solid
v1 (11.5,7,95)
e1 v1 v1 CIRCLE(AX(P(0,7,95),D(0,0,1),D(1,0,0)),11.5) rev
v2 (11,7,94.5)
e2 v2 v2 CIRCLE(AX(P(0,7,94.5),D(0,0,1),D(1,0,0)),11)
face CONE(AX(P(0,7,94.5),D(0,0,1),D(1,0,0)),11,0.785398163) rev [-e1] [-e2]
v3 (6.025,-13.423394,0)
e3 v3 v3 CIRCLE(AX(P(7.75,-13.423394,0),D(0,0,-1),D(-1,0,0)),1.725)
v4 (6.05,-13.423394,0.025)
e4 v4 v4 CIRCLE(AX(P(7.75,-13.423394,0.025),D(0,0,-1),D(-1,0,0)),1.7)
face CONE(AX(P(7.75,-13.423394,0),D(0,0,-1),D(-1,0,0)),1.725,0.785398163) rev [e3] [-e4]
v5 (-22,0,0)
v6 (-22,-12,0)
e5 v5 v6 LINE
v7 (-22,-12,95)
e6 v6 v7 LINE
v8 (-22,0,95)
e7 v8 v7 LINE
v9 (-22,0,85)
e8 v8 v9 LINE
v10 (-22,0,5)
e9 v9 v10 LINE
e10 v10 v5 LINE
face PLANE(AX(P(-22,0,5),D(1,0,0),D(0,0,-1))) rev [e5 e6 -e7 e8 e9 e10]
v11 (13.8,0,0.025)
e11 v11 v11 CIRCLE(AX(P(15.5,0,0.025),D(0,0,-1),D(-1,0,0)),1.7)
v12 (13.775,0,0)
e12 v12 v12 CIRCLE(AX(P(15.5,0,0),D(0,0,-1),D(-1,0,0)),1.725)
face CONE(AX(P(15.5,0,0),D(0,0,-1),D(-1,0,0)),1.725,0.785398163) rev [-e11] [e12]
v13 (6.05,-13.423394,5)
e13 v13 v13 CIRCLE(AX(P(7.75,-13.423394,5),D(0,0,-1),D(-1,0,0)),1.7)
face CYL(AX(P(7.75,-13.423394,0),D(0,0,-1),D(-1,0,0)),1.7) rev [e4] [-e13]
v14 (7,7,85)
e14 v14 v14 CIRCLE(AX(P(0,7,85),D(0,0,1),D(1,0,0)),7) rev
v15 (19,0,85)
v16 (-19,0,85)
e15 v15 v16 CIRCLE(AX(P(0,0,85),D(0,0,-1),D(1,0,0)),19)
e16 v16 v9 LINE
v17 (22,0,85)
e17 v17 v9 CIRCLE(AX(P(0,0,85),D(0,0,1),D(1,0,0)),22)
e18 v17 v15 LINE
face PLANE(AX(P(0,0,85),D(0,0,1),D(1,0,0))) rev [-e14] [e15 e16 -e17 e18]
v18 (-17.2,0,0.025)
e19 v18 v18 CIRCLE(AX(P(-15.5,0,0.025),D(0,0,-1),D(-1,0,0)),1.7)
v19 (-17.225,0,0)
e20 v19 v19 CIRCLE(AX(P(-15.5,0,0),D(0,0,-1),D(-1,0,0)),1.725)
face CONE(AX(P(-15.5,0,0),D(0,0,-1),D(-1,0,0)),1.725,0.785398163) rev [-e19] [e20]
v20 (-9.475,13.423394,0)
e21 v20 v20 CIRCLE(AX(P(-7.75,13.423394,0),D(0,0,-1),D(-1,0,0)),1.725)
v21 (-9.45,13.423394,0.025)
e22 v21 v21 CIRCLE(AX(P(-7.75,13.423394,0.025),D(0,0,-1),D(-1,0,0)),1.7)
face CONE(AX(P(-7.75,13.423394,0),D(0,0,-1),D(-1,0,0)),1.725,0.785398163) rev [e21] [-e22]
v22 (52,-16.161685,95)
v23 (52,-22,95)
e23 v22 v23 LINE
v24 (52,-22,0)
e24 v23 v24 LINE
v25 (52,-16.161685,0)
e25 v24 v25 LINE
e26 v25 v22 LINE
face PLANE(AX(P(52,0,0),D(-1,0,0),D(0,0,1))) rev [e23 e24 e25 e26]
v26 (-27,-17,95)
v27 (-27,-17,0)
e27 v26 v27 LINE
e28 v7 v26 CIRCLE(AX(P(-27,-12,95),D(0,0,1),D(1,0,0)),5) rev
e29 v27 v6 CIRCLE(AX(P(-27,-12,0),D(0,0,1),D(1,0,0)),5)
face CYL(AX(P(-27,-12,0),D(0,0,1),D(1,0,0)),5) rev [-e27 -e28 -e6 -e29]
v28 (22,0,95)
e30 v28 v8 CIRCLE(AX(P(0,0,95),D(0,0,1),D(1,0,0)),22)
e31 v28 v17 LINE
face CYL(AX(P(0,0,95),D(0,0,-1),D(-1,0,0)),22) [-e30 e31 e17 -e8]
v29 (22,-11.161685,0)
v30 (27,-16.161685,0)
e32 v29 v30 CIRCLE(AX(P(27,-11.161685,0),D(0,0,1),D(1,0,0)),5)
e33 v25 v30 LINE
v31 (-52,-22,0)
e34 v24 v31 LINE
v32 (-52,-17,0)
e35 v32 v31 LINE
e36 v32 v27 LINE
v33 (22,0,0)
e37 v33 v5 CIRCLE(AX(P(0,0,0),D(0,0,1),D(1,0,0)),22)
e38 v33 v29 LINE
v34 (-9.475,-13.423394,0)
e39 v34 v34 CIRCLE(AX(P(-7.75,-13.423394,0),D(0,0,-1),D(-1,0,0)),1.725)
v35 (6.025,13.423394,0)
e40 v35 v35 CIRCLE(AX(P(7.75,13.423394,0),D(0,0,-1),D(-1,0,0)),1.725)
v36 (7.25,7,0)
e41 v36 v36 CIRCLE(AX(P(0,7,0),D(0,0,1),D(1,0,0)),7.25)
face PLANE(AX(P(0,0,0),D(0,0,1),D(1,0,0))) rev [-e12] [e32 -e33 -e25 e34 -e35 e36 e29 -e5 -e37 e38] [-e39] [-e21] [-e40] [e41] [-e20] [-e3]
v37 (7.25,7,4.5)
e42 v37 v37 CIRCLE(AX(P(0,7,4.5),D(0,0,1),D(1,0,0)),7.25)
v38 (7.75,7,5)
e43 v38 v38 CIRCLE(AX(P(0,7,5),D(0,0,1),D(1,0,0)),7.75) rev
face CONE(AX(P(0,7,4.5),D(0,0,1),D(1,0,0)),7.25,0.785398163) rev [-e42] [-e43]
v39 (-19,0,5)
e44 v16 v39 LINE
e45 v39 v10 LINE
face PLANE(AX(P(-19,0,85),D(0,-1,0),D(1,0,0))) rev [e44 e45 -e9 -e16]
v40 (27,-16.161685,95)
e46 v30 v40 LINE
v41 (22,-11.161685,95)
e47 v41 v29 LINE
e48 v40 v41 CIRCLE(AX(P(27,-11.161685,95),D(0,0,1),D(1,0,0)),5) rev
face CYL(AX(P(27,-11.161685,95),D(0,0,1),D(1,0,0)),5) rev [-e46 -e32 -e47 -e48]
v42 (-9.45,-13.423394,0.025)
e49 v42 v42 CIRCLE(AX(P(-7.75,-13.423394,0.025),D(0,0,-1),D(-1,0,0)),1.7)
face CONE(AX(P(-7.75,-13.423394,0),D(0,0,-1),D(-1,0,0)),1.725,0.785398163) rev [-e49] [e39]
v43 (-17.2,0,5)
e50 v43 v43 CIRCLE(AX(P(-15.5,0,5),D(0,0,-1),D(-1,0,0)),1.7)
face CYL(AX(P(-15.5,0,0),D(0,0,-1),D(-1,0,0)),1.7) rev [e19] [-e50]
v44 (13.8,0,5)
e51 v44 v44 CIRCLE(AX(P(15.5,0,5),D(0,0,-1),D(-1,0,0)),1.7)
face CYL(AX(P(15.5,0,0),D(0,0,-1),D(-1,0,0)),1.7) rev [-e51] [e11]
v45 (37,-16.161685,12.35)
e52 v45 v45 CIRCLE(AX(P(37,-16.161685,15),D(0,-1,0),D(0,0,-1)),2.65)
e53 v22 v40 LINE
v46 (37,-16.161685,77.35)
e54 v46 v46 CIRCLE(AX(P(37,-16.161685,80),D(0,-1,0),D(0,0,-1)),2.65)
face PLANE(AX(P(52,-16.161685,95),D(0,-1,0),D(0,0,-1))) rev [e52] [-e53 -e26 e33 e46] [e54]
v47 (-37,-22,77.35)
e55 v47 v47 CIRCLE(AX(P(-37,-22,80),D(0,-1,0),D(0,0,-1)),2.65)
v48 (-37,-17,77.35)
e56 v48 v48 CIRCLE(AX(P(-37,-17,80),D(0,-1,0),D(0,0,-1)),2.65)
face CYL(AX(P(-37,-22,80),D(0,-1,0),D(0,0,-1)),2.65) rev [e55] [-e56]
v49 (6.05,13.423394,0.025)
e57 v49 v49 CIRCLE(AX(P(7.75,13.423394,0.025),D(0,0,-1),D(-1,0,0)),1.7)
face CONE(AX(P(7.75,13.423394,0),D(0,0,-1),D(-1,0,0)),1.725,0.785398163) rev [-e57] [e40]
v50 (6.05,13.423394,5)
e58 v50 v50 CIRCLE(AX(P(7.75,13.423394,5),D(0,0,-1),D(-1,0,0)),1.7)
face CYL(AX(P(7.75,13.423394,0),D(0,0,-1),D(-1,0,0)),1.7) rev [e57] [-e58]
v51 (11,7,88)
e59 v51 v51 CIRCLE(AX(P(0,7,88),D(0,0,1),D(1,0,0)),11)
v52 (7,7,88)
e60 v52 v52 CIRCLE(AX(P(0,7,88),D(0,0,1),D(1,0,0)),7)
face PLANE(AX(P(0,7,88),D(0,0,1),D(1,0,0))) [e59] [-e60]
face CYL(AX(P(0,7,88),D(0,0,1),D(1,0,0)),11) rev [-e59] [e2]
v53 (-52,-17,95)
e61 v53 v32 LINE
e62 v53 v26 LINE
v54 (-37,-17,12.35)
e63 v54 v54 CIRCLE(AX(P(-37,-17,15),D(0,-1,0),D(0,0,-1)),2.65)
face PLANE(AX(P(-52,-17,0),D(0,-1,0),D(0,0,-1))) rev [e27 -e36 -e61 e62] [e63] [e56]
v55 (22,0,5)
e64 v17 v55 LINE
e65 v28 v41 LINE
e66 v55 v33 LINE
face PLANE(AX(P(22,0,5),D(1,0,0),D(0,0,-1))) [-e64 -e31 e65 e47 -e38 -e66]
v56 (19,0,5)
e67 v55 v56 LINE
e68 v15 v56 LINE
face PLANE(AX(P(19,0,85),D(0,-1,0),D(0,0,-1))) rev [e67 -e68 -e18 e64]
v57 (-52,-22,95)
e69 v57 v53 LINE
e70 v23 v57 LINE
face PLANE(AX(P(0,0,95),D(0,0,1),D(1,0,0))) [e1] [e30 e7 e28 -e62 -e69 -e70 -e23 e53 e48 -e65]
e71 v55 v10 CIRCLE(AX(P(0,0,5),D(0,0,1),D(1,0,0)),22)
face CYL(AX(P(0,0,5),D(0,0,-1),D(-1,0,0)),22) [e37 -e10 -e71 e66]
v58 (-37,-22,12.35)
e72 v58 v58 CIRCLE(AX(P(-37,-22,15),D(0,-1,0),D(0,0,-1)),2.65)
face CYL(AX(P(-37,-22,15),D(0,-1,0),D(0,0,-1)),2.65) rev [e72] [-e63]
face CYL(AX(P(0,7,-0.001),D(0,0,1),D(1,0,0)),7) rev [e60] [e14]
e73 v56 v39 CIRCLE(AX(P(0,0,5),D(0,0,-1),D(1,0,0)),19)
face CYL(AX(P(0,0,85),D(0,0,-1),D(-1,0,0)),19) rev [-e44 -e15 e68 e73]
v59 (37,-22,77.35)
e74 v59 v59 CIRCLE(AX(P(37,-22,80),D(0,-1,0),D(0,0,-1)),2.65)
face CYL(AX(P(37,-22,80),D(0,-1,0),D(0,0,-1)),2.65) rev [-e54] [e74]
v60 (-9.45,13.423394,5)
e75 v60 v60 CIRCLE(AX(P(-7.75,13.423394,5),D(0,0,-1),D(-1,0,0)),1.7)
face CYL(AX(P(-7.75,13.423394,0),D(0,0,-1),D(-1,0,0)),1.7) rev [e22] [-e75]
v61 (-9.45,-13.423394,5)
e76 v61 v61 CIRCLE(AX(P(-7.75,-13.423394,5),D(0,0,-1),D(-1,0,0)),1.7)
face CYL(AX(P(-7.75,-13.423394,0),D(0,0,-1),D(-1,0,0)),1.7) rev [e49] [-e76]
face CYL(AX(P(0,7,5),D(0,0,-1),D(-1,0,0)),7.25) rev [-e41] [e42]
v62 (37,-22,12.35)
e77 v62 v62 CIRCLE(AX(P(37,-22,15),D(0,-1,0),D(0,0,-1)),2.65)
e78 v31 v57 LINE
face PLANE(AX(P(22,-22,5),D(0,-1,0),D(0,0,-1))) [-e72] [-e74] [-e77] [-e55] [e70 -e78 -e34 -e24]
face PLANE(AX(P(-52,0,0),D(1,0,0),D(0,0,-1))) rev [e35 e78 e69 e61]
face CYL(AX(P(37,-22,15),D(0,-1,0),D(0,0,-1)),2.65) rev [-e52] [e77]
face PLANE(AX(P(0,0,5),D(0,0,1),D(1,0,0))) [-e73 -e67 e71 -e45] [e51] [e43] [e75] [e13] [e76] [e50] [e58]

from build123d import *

# Parameters (mm, degrees)
SKETCH3_R                      = 7.25
BOSS_EXTRUDE1_DEPTH            = 5
M3_CLEARANCE_HOLE1_D           = 3.4
M3_CLEARANCE_HOLE1_CSINK_D     = 3.45
M3_CLEARANCE_HOLE1_CSINK_ANGLE = 90
BOSS_EXTRUDE2_DEPTH            = 80
BOSS_EXTRUDE3_DEPTH            = 10
SKETCH16_R                     = 11
CUT_EXTRUDE1_DEPTH             = 7
CUT_EXTRUDE2_REACH             = 90
SKETCH17_R                     = 7
CHAMFER2_SIZE                  = 0.5
CHAMFER3_SIZE                  = 0.5
SKETCH18_W                     = 95
SKETCH18_H                     = 5.838314525
BOSS_EXTRUDE5_DEPTH            = 30
SKETCH21_W                     = 95
SKETCH21_H                     = 5
BOSS_EXTRUDE6_DEPTH            = 30
FILLET1_R                      = 5
M5_CLEARANCE_SLOT1_D           = 5.3


with BuildPart() as part:
    # Sketch3 → Boss-Extrude1 (new body)
    with BuildSketch(Plane.XY):
        with BuildLine():
            Line((22, 0), (22, -22))
            Line((22, -22), (-22, -22))
            Line((-22, -22), (-22, 0))
            ThreePointArc((-22, 0), (0, 22), (22, 0))
        make_face()
        with Locations((0, 7)):
            Circle(SKETCH3_R, mode=Mode.SUBTRACT)
    extrude(amount=BOSS_EXTRUDE1_DEPTH)

    # M3 Clearance Hole1 (through all)
    with Locations(Plane(origin=(0, 0, 0), x_dir=(-1, 0, 0), z_dir=(0, 0, -1))):
        with Locations((-15.5, 0), (15.5, 0), (7.75, 13.423393759), (-7.75, 13.423393759), (-7.75, -13.423393759), (7.75, -13.423393759)):
            CounterSinkHole(M3_CLEARANCE_HOLE1_D / 2, M3_CLEARANCE_HOLE1_CSINK_D / 2, counter_sink_angle=M3_CLEARANCE_HOLE1_CSINK_ANGLE)

    # Sketch7 → Boss-Extrude2 (add)
    with BuildSketch(Plane.XY.offset(5)):
        with BuildLine():
            Line((-19, 0), (-22, 0))
            Line((-22, 0), (-22, -22))
            Line((-22, -22), (22, -22))
            Line((22, -22), (22, 0))
            Line((22, 0), (19, 0))
            ThreePointArc((19, 0), (0, -19), (-19, 0))
        make_face()
    extrude(amount=BOSS_EXTRUDE2_DEPTH)

    # Sketch9 → Boss-Extrude3 (add)
    with BuildSketch(Plane.XY.offset(85)):
        with BuildLine():
            Line((22, 0), (22, -22))
            Line((22, -22), (-22, -22))
            Line((-22, -22), (-22, 0))
            ThreePointArc((-22, 0), (0, 22), (22, 0))
        make_face()
    extrude(amount=BOSS_EXTRUDE3_DEPTH)

    # Sketch16 → Cut-Extrude1 (cut)
    with BuildSketch(Plane.XY.offset(95)):
        with Locations((0, 7)):
            Circle(SKETCH16_R)
    extrude(amount=-CUT_EXTRUDE1_DEPTH, mode=Mode.SUBTRACT)

    # Sketch17 → Cut-Extrude2 (cut, up to next)
    with BuildSketch(Plane.XY.offset(88), mode=Mode.PRIVATE) as cut_extrude2_sk1:
        with Locations((0, 7)):
            Circle(SKETCH17_R)
    cut_extrude2_tool1 = extrude(cut_extrude2_sk1.sketch, amount=-CUT_EXTRUDE2_REACH, mode=Mode.PRIVATE) & part.part
    add(cut_extrude2_tool1.solids().sort_by_distance((0, 7, 88))[0], mode=Mode.SUBTRACT)

    # Chamfer2
    chamfer2_edges = [part.edges().sort_by_distance(p)[0] for p in [
        (-11, 7, 95),
    ]]
    chamfer(chamfer2_edges, length=CHAMFER2_SIZE)

    # Chamfer3
    chamfer3_edges = [part.edges().sort_by_distance(p)[0] for p in [
        (-7.25, 7, 5),
    ]]
    chamfer(chamfer3_edges, length=CHAMFER3_SIZE)

    # Sketch18 → Boss-Extrude5 (add)
    with BuildSketch(Plane(origin=(22, 0, 0), x_dir=(0, 0, -1), z_dir=(1, 0, 0))):
        with Locations((-47.5, -19.080842737)):
            Rectangle(SKETCH18_W, SKETCH18_H)
    extrude(amount=BOSS_EXTRUDE5_DEPTH)

    # Sketch21 → Boss-Extrude6 (add)
    with BuildSketch(Plane.ZY.offset(22)):
        with Locations((47.5, -19.5)):
            Rectangle(SKETCH21_W, SKETCH21_H)
    extrude(amount=BOSS_EXTRUDE6_DEPTH)

    # Fillet1
    fillet1_edges = [part.edges().sort_by_distance(p)[0] for p in [
        (22, -16.161685475, 47.5),
        (-22, -17, 47.5),
    ]]
    fillet(fillet1_edges, radius=FILLET1_R)

    # M5 Clearance Slot1 (through all)
    with Locations(Plane(origin=(0, -22, 0), x_dir=(-1, 0, 0), z_dir=(0, -1, 0))):
        with Locations((37, -80), (-37, -80), (-37, -15), (37, -15)):
            Hole(M5_CLEARANCE_SLOT1_D / 2)


solid = part.part
